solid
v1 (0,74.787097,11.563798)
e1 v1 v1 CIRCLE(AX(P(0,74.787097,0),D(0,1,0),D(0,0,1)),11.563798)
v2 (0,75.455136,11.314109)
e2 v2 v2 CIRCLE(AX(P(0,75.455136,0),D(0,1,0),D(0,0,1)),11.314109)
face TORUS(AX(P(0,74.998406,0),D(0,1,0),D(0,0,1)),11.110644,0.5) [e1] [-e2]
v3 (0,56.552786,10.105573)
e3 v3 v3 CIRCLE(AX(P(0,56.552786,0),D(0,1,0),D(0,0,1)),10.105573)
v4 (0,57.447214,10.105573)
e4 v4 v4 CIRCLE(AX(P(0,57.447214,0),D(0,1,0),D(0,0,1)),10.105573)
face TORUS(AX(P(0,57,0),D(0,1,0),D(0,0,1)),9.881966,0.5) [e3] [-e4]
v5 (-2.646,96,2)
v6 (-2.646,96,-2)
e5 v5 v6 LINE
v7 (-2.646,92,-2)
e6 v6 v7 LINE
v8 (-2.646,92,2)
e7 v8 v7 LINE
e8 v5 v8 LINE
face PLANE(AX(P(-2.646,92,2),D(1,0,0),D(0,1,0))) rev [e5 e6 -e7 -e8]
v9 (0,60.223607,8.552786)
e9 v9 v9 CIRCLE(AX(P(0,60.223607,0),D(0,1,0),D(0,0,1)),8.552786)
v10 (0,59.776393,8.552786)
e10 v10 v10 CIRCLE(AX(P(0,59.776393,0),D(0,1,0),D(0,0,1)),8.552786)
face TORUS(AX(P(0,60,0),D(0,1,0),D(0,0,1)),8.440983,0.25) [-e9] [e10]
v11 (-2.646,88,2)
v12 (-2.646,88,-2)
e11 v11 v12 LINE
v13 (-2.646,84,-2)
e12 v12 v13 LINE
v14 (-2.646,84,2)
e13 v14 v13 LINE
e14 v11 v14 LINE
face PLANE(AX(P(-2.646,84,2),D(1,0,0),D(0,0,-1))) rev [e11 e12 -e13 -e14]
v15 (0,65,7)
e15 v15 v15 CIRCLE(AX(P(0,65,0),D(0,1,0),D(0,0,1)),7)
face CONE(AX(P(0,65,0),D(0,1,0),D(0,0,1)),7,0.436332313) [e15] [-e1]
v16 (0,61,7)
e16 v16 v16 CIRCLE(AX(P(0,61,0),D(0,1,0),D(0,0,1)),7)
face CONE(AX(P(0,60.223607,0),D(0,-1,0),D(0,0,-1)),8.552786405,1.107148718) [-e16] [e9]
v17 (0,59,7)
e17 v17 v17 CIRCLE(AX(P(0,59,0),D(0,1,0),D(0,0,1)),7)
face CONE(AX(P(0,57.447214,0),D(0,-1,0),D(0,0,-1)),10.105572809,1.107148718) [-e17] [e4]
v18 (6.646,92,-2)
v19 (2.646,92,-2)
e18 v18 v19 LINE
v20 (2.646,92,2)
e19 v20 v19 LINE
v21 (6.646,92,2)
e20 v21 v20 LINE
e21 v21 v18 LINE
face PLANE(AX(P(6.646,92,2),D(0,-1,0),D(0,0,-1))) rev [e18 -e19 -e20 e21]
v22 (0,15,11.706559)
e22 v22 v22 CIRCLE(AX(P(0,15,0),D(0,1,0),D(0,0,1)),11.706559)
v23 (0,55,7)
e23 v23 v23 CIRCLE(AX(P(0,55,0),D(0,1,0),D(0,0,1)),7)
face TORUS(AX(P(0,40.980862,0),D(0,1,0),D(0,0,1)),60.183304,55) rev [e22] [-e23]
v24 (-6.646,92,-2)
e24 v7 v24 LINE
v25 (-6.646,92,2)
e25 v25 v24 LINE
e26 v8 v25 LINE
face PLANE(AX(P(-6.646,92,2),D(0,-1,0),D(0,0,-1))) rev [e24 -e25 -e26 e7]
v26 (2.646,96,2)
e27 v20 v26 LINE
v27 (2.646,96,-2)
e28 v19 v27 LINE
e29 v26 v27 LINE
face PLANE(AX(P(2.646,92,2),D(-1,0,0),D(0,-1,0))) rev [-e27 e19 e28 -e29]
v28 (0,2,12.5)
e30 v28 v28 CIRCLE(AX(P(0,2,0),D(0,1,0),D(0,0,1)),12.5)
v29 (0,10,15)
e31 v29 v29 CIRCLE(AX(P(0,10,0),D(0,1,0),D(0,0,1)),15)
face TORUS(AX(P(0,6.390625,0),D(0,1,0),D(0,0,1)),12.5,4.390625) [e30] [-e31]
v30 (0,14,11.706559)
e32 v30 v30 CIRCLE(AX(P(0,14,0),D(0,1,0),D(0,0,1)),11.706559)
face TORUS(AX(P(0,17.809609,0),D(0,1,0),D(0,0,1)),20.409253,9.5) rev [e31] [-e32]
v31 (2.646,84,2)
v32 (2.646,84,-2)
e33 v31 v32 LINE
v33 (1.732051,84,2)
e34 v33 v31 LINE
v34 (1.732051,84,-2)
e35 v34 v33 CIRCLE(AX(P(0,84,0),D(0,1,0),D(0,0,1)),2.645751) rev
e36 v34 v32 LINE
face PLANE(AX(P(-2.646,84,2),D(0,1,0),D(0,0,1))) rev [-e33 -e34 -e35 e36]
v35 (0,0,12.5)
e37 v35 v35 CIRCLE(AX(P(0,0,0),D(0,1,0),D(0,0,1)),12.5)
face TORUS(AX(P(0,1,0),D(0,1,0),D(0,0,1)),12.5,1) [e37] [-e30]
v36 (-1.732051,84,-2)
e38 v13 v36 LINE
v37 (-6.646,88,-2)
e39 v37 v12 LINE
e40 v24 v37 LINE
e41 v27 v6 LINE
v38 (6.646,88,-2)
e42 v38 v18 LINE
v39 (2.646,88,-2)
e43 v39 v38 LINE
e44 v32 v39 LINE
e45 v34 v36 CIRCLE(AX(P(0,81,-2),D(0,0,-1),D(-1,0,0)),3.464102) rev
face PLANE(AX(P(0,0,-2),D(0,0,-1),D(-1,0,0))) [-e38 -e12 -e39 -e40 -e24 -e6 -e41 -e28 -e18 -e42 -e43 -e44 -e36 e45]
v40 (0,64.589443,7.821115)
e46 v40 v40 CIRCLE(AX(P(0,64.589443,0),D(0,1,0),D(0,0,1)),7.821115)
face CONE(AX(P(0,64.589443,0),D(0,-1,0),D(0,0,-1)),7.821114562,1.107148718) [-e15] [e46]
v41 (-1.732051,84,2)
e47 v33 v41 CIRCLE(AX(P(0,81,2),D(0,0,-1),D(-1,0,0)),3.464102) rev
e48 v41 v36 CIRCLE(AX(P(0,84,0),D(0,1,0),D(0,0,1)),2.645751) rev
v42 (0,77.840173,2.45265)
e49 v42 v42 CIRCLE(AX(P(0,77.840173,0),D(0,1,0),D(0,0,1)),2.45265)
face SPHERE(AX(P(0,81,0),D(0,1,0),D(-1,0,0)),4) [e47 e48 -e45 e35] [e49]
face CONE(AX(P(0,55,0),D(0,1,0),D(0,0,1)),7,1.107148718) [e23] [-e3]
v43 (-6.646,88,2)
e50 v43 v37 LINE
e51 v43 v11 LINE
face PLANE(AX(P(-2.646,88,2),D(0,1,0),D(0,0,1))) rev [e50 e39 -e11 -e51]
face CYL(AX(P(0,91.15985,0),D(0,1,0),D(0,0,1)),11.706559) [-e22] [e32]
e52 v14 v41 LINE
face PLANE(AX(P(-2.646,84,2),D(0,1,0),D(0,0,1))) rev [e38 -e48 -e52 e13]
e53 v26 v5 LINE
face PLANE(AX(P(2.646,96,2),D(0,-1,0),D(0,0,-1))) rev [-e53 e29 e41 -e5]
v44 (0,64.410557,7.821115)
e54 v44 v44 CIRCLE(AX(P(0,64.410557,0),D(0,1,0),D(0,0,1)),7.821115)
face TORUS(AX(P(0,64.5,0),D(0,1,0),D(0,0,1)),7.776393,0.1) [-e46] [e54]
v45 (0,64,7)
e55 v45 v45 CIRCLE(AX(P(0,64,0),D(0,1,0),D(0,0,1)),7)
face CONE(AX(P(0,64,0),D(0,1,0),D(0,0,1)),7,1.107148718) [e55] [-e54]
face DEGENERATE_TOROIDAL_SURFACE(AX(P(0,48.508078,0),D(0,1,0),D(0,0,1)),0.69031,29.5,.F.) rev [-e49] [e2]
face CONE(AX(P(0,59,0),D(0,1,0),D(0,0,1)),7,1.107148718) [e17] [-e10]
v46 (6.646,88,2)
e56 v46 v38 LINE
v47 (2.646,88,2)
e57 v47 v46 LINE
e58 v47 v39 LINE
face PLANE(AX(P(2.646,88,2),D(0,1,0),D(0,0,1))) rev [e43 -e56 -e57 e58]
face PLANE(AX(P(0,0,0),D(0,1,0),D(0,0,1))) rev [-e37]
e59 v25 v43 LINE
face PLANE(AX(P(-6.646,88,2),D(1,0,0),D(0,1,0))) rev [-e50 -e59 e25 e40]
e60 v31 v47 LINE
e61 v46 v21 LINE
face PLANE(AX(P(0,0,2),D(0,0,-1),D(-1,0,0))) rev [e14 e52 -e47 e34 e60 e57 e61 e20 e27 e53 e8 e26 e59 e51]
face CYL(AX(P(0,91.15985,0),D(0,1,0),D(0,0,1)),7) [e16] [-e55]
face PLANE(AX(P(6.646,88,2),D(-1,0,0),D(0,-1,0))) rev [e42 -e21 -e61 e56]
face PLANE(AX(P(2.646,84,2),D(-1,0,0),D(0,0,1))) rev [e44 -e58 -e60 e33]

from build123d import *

# Parameters (mm, degrees)
BOSS_EXTRUDE2_DEPTH = 2


with BuildPart() as part:
    # Sketch1 → Revolve1 (revolve)
    with BuildSketch(Plane.XY, mode=Mode.PRIVATE) as revolve1_sk:
        with BuildLine():
            Line((7, 55), (10.105572809, 56.552786405))
            ThreePointArc((10.105572809, 56.552786405), (10.381966011, 57), (10.105572809, 57.447213595))
            Line((10.105572809, 57.447213595), (7, 59))
            Line((7, 59), (8.552786405, 59.776393202))
            ThreePointArc((8.552786405, 59.776393202), (8.690983006, 60), (8.552786405, 60.223606798))
            Line((8.552786405, 60.223606798), (7, 61))
            Line((7, 61), (7, 64))
            Line((7, 64), (7.821114562, 64.410557281))
            ThreePointArc((7.821114562, 64.410557281), (7.876393202, 64.5), (7.821114562, 64.589442719))
            Line((7.821114562, 64.589442719), (7, 65))
            Line((7, 65), (11.563798224, 74.787096875))
            ThreePointArc((11.563798224, 74.787096875), (11.578998901, 75.173460273), (11.314109053, 75.455135802))
            ThreePointArc((11.314109053, 75.455135802), (6.976689102, 76.994339984), (2.452650205, 77.840172953))
            ThreePointArc((2.452650205, 77.840172953), (3.784131881, 82.296281569), (0, 85))
            Line((0, 85), (0, 0))
            Line((0, 0), (12.5, 0))
            ThreePointArc((12.5, 0), (13.5, 1), (12.5, 2))
            ThreePointArc((12.5, 2), (16.690763654, 5.081011358), (15, 10))
            ThreePointArc((15, 10), (13.07530696, 11.771128572), (11.706558674, 14))
            Line((11.706558674, 14), (11.706558674, 15))
            ThreePointArc((11.706558674, 15), (5.560127504, 34.553682708), (7, 55))
        make_face()
    revolve(revolve1_sk.sketch.rotate(Axis((0, 91.159850476, 0), (0, -1, 0)), 90), axis=Axis((0, 91.159850476, 0), (0, -1, 0)))

    # Sketch3 → Boss-Extrude2 (add, symmetric)
    with BuildSketch(Plane.XY):
        Polygon((-2.646, 84), (2.646, 84), (2.646, 88), (6.646, 88), (6.646, 92), (2.646, 92), (2.646, 96), (-2.646, 96), (-2.646, 92), (-6.646, 92), (-6.646, 88), (-2.646, 88), align=None)
    extrude(amount=BOSS_EXTRUDE2_DEPTH, both=True)


solid = part.part
